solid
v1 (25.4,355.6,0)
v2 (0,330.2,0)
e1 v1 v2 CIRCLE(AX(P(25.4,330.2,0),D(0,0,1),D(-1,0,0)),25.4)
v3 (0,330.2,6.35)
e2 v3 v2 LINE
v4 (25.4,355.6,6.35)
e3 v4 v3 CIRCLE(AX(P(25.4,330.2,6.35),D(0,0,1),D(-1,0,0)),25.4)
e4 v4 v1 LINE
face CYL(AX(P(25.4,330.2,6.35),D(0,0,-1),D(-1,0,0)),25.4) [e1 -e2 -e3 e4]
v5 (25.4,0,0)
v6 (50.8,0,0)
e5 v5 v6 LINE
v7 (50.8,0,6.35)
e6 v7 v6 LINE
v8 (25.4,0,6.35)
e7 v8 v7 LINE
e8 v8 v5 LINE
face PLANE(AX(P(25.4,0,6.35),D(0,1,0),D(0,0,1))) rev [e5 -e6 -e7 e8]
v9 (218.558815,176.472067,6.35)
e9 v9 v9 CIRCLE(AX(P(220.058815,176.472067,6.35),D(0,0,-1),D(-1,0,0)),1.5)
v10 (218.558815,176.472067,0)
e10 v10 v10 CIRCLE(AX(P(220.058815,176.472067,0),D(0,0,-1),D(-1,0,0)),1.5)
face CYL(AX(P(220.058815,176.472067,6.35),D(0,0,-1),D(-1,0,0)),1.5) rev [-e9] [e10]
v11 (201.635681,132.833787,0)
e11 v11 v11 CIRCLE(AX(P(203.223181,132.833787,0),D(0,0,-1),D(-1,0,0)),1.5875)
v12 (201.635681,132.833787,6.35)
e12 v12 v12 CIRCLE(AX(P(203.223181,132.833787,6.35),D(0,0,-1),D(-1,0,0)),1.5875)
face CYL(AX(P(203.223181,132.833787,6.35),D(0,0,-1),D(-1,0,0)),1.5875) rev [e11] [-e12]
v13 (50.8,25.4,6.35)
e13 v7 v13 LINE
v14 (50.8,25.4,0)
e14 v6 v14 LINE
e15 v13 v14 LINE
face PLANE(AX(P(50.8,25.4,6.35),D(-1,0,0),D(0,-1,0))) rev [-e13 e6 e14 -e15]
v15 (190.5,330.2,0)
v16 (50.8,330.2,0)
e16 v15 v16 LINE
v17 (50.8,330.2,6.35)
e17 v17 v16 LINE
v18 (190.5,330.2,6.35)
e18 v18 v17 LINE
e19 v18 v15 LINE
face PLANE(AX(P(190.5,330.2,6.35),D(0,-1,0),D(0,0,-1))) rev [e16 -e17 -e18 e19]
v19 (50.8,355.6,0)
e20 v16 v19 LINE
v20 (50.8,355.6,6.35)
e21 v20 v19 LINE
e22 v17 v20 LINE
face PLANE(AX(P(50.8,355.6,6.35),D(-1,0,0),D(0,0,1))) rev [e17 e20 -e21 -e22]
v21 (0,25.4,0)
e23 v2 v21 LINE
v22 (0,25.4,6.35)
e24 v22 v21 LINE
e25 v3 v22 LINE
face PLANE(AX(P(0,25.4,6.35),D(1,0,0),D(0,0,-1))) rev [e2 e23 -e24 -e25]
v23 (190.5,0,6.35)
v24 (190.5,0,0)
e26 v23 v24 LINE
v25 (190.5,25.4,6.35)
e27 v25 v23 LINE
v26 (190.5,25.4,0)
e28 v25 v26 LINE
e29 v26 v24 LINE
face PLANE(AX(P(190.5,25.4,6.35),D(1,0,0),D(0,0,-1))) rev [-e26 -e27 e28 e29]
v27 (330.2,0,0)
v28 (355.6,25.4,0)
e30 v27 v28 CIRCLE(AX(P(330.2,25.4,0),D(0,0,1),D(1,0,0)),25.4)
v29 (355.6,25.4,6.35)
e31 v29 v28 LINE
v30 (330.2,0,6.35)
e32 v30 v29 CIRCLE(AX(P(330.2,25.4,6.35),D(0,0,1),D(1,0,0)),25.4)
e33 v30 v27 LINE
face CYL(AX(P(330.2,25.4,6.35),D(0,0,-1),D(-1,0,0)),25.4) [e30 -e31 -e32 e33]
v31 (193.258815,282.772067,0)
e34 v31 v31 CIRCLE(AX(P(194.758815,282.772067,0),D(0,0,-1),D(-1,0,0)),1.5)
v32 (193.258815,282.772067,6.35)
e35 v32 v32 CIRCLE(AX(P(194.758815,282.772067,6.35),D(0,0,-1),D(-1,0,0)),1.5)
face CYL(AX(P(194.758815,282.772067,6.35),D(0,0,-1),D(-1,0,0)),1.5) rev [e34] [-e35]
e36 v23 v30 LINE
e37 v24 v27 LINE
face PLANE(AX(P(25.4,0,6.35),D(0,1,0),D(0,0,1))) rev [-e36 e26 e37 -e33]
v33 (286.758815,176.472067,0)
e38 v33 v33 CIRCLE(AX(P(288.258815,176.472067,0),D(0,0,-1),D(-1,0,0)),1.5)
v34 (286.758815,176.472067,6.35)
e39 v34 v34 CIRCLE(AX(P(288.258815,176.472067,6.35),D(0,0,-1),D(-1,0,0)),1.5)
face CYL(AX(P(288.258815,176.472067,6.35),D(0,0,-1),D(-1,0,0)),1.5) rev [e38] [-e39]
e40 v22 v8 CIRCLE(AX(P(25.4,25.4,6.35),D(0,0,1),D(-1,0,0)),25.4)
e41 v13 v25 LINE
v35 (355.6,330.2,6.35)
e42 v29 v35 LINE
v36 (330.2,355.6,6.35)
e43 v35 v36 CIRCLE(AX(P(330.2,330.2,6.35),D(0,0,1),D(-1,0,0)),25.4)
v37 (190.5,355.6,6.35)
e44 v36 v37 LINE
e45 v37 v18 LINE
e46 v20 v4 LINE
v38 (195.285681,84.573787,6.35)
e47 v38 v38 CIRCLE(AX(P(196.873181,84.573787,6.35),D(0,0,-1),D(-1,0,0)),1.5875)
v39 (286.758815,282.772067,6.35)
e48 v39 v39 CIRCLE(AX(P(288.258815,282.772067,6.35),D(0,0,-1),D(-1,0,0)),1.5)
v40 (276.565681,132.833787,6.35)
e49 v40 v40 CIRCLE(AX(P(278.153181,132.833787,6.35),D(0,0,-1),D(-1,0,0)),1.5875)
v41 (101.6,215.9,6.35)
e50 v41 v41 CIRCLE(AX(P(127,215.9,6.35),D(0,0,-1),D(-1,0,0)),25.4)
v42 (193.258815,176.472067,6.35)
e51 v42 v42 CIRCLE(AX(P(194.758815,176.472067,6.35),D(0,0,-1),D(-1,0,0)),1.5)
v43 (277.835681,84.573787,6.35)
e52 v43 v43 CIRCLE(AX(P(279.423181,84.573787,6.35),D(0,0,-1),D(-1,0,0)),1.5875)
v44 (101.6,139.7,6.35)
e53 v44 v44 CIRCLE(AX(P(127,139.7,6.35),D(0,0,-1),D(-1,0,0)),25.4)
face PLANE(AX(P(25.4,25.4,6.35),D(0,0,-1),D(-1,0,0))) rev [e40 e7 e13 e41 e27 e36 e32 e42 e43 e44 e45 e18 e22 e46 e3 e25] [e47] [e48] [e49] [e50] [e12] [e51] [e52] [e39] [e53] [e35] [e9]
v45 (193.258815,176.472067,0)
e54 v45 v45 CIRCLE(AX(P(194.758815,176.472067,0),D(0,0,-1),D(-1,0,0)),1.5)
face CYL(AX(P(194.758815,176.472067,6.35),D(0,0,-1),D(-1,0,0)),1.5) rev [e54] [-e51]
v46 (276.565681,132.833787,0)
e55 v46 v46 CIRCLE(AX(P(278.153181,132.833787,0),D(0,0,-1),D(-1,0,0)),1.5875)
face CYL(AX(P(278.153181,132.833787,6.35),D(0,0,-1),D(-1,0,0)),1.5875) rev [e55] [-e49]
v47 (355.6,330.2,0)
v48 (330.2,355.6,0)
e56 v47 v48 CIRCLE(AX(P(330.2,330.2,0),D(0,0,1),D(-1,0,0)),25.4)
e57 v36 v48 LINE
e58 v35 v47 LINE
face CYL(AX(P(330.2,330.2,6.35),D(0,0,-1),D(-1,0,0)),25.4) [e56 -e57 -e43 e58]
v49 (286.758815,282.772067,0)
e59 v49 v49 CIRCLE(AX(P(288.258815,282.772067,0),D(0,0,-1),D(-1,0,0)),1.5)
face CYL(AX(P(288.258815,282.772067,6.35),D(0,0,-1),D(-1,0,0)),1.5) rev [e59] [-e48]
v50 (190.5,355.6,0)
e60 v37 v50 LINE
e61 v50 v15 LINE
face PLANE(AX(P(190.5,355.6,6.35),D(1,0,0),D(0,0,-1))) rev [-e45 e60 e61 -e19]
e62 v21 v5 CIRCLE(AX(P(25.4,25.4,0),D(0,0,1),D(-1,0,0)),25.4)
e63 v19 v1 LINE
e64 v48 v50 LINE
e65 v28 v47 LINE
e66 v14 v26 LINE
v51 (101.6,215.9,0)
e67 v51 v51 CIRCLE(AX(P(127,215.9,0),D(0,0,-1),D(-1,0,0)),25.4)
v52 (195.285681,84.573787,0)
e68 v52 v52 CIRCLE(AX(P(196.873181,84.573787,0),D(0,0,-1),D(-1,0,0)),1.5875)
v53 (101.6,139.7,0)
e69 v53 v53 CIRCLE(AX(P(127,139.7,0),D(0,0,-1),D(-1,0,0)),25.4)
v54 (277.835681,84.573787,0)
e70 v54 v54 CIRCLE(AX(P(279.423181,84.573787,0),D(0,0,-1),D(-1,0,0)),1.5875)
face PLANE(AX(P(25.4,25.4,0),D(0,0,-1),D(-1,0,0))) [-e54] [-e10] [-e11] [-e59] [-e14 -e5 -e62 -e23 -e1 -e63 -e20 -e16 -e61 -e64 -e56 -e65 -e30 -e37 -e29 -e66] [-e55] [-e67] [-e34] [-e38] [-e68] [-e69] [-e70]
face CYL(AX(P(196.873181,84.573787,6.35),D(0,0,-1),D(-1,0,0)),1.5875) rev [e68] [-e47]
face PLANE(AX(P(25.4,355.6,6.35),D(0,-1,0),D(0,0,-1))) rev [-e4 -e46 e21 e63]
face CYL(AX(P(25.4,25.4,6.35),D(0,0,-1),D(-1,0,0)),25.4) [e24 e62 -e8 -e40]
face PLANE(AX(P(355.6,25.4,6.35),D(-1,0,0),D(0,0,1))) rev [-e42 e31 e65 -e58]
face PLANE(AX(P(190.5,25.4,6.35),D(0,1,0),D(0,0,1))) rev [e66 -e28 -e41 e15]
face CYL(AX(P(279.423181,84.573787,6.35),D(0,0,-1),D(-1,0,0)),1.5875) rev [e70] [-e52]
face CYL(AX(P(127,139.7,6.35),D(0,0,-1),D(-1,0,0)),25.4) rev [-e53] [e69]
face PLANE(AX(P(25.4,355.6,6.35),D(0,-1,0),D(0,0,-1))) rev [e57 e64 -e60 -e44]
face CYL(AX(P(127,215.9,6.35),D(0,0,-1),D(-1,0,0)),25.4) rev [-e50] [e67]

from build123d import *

# Parameters (mm, degrees)
BOSS_EXTRUDE1_DEPTH = 6.35
SKETCH2_W           = 139.7
SKETCH2_H           = 25.4
CUT_EXTRUDE1_DEPTH  = 503.934431611
SKETCH4_R           = 1.5875
SKETCH4_R_2         = 1.5
SKETCH4_R_3         = 25.4
CUT_EXTRUDE2_DEPTH  = 503.934431611


with BuildPart() as part:
    # Sketch1 → Boss-Extrude1 (new body)
    with BuildSketch(Plane.XY):
        with BuildLine():
            Line((25.4, 0), (330.2, 0))
            ThreePointArc((330.2, 0), (348.160512242, 7.439487758), (355.6, 25.4))
            Line((355.6, 25.4), (355.6, 330.2))
            ThreePointArc((355.6, 330.2), (348.160512242, 348.160512242), (330.2, 355.6))
            Line((330.2, 355.6), (25.4, 355.6))
            ThreePointArc((25.4, 355.6), (7.439487758, 348.160512242), (0, 330.2))
            Line((0, 330.2), (0, 25.4))
            ThreePointArc((0, 25.4), (7.439487758, 7.439487758), (25.4, 0))
        make_face()
    extrude(amount=BOSS_EXTRUDE1_DEPTH)

    # Sketch2 → Cut-Extrude1 (cut, through all)
    with BuildSketch(Plane(origin=(0, 0, 0), x_dir=(-1, 0, 0), z_dir=(0, 0, -1))):
        with Locations((-120.65, 342.9)):
            Rectangle(SKETCH2_W, SKETCH2_H)
        with Locations((-120.65, 12.7)):
            Rectangle(SKETCH2_W, SKETCH2_H)
    extrude(amount=-CUT_EXTRUDE1_DEPTH, mode=Mode.SUBTRACT)

    # Sketch4 → Cut-Extrude2 (cut, through all)
    with BuildSketch(Plane(origin=(0, 0, 0), x_dir=(-1, 0, 0), z_dir=(0, 0, -1))):
        with Locations((-279.42318149, 84.573787042)):
            Circle(SKETCH4_R)
        with Locations((-278.15318149, 132.833787042)):
            Circle(SKETCH4_R)
        with Locations((-196.87318149, 84.573787042)):
            Circle(SKETCH4_R)
        with Locations((-203.22318149, 132.833787042)):
            Circle(SKETCH4_R)
        with Locations((-288.258815439, 176.472066732)):
            Circle(SKETCH4_R_2)
        with Locations((-220.058815439, 176.472066732)):
            Circle(SKETCH4_R_2)
        with Locations((-194.758815439, 176.472066732)):
            Circle(SKETCH4_R_2)
        with Locations((-288.258815439, 282.772066732)):
            Circle(SKETCH4_R_2)
        with Locations((-194.758815439, 282.772066732)):
            Circle(SKETCH4_R_2)
        with Locations((-127, 215.9)):
            Circle(SKETCH4_R_3)
        with Locations((-127, 139.7)):
            Circle(SKETCH4_R_3)
    extrude(amount=-CUT_EXTRUDE2_DEPTH, mode=Mode.SUBTRACT)


solid = part.part
